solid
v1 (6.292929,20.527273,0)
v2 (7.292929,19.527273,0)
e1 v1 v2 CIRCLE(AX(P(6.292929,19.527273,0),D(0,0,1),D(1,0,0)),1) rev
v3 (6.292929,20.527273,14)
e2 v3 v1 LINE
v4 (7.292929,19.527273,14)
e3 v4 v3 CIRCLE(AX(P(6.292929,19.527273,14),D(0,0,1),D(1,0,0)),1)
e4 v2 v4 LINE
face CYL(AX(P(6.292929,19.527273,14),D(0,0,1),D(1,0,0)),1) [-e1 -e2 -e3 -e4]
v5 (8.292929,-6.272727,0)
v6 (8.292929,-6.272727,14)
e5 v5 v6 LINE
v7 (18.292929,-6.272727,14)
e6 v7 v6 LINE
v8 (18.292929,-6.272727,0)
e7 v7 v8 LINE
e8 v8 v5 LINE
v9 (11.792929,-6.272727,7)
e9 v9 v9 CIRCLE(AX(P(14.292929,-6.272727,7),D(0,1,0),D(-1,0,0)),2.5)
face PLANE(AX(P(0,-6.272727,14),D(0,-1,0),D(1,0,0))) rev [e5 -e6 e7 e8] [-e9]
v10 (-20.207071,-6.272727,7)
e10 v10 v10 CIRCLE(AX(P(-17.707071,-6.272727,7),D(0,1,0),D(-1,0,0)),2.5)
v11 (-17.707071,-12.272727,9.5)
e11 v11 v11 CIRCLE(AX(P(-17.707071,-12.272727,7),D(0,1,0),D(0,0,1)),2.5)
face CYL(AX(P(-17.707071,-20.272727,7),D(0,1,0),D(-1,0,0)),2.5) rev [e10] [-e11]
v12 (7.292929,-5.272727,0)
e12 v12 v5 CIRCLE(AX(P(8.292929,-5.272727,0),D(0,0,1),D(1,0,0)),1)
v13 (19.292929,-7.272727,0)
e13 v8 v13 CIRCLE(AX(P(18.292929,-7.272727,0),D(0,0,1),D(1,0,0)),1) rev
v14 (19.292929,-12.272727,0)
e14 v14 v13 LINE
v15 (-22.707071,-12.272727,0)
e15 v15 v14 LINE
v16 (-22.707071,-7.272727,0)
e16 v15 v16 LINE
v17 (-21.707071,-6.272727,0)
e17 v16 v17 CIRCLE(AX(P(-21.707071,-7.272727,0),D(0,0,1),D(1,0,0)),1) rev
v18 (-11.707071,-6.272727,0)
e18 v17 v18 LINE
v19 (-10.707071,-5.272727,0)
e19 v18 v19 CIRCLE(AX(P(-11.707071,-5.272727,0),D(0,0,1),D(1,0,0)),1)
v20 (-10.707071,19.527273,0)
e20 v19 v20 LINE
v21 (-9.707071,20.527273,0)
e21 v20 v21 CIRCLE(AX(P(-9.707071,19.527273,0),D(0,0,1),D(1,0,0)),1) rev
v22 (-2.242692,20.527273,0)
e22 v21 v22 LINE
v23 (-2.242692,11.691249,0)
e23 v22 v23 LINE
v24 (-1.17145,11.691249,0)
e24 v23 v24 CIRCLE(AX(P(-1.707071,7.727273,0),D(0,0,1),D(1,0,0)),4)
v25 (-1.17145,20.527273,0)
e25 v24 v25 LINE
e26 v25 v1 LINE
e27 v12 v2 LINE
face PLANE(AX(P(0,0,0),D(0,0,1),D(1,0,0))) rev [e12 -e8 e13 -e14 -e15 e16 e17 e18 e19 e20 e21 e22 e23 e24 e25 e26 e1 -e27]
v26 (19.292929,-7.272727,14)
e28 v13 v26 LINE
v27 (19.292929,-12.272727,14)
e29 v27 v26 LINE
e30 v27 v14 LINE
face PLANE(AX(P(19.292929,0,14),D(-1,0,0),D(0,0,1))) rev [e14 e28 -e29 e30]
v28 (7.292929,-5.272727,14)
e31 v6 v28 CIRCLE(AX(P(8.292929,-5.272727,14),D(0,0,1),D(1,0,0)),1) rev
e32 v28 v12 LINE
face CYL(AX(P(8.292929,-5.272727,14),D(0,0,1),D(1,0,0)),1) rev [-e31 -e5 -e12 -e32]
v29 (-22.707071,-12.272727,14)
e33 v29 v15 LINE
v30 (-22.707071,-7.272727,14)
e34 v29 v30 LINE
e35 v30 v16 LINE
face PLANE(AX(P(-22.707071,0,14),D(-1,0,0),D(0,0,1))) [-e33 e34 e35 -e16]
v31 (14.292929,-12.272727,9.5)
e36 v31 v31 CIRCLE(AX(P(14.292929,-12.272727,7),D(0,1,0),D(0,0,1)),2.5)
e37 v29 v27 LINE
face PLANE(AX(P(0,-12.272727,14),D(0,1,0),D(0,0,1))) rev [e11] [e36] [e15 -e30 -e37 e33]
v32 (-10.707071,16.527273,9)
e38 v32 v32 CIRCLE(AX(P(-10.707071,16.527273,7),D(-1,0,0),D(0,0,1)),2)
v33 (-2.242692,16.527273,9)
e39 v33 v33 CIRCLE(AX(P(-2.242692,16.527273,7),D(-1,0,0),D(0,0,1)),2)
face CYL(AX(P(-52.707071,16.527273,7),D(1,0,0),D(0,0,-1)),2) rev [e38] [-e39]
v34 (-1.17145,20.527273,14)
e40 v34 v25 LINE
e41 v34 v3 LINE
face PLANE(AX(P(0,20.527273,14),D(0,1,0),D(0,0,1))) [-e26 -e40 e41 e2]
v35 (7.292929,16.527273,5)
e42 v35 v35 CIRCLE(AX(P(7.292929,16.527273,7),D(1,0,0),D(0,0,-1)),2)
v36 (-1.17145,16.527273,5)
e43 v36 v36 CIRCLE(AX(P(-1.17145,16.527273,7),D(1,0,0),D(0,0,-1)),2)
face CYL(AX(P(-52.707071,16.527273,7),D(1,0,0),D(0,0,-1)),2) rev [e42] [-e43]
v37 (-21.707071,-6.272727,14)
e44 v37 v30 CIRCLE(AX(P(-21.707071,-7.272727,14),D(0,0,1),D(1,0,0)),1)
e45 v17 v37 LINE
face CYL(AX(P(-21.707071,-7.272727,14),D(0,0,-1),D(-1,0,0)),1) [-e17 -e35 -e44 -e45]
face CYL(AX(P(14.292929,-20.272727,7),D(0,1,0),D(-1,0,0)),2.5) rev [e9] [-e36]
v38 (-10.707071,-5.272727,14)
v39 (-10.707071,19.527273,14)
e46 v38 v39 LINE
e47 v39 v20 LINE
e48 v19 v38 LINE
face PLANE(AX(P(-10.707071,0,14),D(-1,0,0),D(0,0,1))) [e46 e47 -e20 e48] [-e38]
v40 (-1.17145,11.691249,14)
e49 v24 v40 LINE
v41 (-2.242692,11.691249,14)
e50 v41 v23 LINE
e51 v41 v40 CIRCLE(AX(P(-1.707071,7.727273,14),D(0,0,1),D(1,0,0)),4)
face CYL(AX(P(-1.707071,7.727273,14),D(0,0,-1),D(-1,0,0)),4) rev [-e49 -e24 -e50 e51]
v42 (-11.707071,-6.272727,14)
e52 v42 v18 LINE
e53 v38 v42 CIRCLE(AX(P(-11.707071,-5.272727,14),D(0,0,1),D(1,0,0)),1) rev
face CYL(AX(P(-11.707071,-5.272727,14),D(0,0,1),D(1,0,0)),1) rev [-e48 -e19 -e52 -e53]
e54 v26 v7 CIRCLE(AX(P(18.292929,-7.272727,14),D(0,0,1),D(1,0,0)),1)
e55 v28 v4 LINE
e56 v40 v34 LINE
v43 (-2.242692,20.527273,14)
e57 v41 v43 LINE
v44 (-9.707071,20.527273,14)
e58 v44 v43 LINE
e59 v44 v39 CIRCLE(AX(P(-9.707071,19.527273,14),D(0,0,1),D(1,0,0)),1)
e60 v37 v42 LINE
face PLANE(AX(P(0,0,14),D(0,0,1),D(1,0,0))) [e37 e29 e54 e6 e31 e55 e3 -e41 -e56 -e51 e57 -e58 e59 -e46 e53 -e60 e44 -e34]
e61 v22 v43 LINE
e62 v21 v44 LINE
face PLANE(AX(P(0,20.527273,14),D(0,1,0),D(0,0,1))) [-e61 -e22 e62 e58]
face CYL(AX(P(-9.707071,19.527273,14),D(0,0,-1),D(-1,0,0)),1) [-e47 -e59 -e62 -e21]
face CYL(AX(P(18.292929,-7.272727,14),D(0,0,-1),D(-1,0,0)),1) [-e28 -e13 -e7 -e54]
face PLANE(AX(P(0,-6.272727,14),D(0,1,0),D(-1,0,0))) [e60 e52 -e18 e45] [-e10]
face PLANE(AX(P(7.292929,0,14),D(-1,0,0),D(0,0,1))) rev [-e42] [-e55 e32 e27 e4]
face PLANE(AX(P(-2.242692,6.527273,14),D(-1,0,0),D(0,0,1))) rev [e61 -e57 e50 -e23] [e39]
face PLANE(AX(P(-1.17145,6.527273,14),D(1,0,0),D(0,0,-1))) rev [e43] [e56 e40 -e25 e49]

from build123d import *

# Parameters (mm, degrees)
SKETCH_1_R          = 4
EXTRUDE_1_DEPTH     = 14
SKETCH_2_R          = 2.5
CUT_EXTRUDE_1_DEPTH = 14
SKETCH_3_W          = 1.071241762
SKETCH_3_H          = 14
CUT_EXTRUDE_2_DEPTH = 14
SKETCH_4_R          = 2
CUT_EXTRUDE_3_DEPTH = 60
FILLET_1_R          = 1
FILLET_2_R          = 1


with BuildPart() as part:
    # 草图1 → 凸台-拉伸1 (new body)
    with BuildSketch(Plane.XY):
        Polygon((-22.707070707, -12.272727273), (19.292929293, -12.272727273), (19.292929293, -6.272727273), (7.292929293, -6.272727273), (7.292929293, 20.527272727), (0.929292929, 20.527272727), (-10.707070707, 20.527272727), (-10.707070707, -6.272727273), (-22.707070707, -6.272727273), align=None)
        with Locations((-1.707070707, 7.727272727)):
            Circle(SKETCH_1_R, mode=Mode.SUBTRACT)
    extrude(amount=EXTRUDE_1_DEPTH)

    # 草图2 → 切除-拉伸1 (cut)
    with BuildSketch(Plane(origin=(0, -6.272727273, 0), x_dir=(1, 0, 0), z_dir=(0, 1, 0))):
        with Locations((-17.707070707, -7)):
            Circle(SKETCH_2_R)
        with Locations((14.292929293, -7)):
            Circle(SKETCH_2_R)
    extrude(amount=-CUT_EXTRUDE_1_DEPTH, mode=Mode.SUBTRACT)

    # 草图3 → 切除-拉伸2 (cut)
    with BuildSketch(Plane(origin=(0, 20.527272727, 0), x_dir=(1, 0, 0), z_dir=(0, 1, 0))):
        with Locations((-1.707070707, -7)):
            Rectangle(SKETCH_3_W, SKETCH_3_H)
    extrude(amount=-CUT_EXTRUDE_2_DEPTH, mode=Mode.SUBTRACT)

    # 草图4 → 切除-拉伸3 (cut)
    with BuildSketch(Plane(origin=(7.292929293, 0, 0), x_dir=(0, 0, -1), z_dir=(1, 0, 0))):
        with Locations((-7, 16.527272727)):
            Circle(SKETCH_4_R)
    extrude(amount=-CUT_EXTRUDE_3_DEPTH, mode=Mode.SUBTRACT)

    # 圆角1
    fillet_1_edges = [part.edges().sort_by_distance(p)[0] for p in [
        (7.292929293, 20.527272727, 7),
        (19.292929293, -6.272727273, 7),
        (-22.707070707, -6.272727273, 7),
        (-10.707070707, 20.527272727, 7),
    ]]
    fillet(fillet_1_edges, radius=FILLET_1_R)

    # 圆角2
    fillet_2_edges = [part.edges().sort_by_distance(p)[0] for p in [
        (7.292929293, -6.272727273, 7),
        (-10.707070707, -6.272727273, 7),
    ]]
    fillet(fillet_2_edges, radius=FILLET_2_R)


solid = part.part
